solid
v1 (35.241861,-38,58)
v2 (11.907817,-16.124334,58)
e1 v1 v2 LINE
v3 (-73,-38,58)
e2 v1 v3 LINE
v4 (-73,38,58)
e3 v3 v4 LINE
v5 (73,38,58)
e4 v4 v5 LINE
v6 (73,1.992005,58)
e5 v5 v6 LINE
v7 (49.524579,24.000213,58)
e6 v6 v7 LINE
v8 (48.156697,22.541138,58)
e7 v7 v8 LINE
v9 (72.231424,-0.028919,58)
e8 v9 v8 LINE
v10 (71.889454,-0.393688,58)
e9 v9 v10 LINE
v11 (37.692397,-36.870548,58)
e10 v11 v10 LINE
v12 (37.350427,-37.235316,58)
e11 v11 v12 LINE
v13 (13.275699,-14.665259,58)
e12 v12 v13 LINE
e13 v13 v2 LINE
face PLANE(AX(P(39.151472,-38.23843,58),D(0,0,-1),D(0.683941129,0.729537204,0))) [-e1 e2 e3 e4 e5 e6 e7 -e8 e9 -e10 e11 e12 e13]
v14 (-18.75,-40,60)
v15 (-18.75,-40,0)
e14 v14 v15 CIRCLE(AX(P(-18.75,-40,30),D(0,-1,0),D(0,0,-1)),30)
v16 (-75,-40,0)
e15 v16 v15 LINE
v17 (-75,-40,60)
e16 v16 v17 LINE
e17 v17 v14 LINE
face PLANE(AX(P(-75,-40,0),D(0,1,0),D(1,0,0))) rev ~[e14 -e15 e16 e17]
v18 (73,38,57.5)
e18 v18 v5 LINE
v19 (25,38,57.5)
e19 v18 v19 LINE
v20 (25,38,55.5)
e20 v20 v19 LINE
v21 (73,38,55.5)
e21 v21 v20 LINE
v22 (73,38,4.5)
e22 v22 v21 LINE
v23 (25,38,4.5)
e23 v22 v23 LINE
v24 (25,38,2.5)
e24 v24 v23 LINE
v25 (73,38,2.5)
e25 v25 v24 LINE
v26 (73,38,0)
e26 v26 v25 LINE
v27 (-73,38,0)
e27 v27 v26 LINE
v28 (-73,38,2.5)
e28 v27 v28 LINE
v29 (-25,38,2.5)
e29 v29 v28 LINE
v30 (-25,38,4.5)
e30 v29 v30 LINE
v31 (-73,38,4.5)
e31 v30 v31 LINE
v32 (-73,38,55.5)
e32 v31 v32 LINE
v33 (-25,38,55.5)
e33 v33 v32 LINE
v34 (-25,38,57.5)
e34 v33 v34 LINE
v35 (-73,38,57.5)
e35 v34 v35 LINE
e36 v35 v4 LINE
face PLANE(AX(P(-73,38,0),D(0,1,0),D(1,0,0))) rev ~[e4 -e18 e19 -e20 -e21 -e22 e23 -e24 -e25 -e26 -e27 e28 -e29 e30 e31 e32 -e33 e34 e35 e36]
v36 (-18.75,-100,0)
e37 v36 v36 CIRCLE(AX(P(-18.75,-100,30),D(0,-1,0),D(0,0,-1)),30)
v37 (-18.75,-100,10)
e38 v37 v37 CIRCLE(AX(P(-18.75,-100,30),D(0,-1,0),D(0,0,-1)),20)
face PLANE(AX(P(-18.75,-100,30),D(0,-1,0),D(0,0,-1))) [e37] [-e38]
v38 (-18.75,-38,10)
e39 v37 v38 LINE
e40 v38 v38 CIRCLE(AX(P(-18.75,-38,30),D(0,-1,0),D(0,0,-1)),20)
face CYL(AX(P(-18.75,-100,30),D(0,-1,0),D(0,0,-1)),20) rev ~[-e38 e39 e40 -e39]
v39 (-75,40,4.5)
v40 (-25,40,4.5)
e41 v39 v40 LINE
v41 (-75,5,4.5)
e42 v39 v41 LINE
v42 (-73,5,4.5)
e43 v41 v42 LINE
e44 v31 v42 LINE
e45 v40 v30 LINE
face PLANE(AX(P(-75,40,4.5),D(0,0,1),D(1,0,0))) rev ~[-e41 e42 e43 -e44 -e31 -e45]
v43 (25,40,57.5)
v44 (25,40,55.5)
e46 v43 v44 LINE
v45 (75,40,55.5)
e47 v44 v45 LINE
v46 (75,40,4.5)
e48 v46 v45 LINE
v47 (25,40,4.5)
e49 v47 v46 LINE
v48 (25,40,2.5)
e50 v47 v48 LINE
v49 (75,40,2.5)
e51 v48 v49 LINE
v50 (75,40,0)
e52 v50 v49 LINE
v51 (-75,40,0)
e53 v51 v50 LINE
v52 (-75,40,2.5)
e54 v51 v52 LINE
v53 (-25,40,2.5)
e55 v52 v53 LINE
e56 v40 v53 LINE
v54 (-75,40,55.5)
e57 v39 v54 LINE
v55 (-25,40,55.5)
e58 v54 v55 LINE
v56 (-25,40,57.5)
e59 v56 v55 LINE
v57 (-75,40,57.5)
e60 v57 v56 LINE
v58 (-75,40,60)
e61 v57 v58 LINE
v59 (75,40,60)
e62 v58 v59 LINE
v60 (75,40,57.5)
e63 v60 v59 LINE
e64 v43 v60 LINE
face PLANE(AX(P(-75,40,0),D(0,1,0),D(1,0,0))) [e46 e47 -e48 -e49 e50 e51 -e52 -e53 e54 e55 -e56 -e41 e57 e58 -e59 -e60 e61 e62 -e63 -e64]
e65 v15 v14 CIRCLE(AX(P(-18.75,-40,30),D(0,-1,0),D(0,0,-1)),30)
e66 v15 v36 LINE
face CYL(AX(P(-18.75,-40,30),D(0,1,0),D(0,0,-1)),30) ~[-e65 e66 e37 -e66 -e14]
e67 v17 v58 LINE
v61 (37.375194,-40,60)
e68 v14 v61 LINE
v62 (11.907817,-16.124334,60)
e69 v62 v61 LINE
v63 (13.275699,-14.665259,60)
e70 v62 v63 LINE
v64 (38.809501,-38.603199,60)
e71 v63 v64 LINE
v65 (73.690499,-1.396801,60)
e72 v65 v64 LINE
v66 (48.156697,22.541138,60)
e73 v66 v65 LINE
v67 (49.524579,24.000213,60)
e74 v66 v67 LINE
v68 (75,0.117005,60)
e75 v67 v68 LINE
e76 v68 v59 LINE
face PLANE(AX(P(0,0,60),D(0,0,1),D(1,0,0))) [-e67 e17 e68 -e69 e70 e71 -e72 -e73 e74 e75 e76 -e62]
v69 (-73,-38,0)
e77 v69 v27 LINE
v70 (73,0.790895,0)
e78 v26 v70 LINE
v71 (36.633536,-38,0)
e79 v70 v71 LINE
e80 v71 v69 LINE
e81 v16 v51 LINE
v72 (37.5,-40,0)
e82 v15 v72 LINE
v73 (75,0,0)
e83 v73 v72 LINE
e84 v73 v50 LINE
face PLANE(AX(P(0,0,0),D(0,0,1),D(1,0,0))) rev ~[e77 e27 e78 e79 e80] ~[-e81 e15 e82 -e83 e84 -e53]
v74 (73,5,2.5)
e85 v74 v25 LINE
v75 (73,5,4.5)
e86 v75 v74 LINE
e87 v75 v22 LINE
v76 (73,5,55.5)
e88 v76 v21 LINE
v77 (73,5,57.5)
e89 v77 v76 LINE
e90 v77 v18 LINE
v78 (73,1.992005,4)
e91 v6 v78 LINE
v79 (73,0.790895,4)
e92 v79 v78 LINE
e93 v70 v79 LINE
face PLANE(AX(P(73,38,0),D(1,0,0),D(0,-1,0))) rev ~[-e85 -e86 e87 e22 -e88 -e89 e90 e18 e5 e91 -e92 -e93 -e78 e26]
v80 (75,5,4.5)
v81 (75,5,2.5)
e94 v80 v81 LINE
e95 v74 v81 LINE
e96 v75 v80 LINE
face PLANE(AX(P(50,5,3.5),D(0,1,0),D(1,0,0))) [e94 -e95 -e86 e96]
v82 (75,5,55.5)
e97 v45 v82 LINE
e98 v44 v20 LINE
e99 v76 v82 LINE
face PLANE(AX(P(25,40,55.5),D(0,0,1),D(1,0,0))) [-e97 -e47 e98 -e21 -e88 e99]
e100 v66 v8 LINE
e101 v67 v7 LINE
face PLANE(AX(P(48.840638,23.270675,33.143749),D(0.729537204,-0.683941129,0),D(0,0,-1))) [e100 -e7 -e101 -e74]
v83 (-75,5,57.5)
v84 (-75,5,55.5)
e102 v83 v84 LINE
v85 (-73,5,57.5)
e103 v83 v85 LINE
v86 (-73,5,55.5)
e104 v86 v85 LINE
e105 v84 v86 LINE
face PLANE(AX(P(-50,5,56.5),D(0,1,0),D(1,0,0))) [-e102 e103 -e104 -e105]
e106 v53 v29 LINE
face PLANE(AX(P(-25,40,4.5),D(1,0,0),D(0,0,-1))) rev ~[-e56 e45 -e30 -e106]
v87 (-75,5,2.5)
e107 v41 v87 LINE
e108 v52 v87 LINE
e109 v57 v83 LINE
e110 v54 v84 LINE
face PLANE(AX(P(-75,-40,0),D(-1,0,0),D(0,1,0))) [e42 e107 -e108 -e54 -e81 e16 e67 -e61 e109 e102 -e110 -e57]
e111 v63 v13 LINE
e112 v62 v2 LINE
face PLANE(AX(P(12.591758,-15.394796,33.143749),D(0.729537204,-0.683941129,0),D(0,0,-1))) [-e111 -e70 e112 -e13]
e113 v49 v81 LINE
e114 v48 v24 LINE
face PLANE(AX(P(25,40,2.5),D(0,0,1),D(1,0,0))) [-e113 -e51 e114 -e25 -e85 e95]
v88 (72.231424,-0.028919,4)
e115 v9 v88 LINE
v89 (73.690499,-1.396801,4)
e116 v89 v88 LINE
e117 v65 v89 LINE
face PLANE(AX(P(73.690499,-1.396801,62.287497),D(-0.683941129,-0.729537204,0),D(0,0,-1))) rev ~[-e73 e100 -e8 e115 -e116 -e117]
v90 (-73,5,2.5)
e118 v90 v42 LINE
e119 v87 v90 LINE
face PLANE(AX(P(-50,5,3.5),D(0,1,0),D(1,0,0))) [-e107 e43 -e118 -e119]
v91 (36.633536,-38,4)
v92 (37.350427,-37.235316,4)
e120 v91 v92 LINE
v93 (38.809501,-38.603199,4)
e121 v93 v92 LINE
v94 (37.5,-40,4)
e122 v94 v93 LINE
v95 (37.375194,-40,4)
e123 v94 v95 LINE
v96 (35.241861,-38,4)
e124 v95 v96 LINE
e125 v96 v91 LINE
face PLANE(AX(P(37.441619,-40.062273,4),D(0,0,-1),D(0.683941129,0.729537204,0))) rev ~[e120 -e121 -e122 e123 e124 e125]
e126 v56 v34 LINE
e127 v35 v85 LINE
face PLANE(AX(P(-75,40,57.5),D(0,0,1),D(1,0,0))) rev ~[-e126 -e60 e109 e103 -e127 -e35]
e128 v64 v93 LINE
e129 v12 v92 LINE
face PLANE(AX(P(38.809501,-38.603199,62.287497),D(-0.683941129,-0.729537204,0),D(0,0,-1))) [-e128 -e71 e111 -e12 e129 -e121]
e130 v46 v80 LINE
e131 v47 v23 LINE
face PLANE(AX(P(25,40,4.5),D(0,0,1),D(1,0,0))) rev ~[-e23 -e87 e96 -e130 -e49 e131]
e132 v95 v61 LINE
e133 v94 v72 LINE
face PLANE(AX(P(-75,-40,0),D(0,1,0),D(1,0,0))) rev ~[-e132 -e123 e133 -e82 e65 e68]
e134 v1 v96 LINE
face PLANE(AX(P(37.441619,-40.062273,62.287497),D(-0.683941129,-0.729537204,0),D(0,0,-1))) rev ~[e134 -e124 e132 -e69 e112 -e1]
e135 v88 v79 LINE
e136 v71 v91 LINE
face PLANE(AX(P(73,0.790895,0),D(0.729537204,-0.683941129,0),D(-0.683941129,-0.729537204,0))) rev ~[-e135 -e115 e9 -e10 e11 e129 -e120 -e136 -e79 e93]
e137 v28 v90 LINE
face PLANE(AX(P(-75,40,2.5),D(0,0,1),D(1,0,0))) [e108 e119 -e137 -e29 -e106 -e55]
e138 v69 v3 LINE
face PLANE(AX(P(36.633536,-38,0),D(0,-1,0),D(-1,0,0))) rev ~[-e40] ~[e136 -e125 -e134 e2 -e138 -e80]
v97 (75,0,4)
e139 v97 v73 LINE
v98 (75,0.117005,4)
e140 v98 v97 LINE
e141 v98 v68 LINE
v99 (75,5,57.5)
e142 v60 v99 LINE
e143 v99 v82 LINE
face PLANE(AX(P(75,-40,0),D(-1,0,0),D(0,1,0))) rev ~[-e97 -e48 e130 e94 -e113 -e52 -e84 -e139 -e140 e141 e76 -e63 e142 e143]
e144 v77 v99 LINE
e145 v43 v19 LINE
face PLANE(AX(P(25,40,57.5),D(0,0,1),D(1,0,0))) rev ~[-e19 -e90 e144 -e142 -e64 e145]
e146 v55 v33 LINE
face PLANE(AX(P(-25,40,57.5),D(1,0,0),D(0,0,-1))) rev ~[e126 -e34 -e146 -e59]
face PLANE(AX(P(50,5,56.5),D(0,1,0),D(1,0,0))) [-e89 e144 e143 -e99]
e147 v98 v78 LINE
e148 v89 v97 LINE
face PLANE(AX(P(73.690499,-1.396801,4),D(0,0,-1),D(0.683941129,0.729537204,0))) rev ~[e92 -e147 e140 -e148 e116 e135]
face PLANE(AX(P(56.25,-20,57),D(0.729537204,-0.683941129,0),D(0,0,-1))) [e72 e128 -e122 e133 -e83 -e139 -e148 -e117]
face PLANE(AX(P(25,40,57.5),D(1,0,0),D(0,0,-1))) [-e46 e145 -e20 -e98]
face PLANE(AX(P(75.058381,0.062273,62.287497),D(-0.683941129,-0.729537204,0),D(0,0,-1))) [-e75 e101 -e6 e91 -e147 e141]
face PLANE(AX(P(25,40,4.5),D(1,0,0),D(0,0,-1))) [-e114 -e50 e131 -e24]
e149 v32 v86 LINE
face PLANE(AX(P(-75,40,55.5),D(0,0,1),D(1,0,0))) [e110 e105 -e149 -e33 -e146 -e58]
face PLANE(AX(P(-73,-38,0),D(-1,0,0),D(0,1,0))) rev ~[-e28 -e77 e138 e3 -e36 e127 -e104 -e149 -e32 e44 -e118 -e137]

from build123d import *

# Parameters (mm, degrees)
SKETCH_1_W           = 150
SKETCH_1_H           = 80
EXTRUDE_1_DEPTH      = 60
CUT_EXTRUDE_2_DEPTH  = 60
SKETCH_3_W           = 50
SKETCH_3_H           = 2
CUT_EXTRUDE_3_DEPTH  = 35
SKETCH_4_W           = 2
SKETCH_4_H           = 50
CUT_EXTRUDE_4_DEPTH  = 35
SKETCH_5_R           = 30
EXTRUDE_2_DEPTH      = 60
CUT_EXTRUDE_5_DEPTH  = 58
SKETCH_7_R           = 20
CUT_EXTRUDE_8_DEPTH  = 62
SKETCH_8_W           = 58.287497292
SKETCH_8_H           = 2
CUT_EXTRUDE_12_DEPTH = 35
SKETCH_10_W          = 2
SKETCH_10_H          = 50
EXTRUDE_6_DEPTH      = 2


with BuildPart() as part:
    # 草图1 → 凸台-拉伸1 (new body)
    with BuildSketch(Plane.XY):
        Rectangle(SKETCH_1_W, SKETCH_1_H)
    extrude(amount=EXTRUDE_1_DEPTH)

    # 草图2 → 切除-拉伸2 (cut)
    with BuildSketch(Plane.XY.offset(60)):
        Polygon((75, 0), (37.5, -40), (75, -40), align=None)
    extrude(amount=-CUT_EXTRUDE_2_DEPTH, mode=Mode.SUBTRACT)

    # 草图3 → 切除-拉伸3 (cut)
    with BuildSketch(Plane(origin=(0, 40, 0), x_dir=(1, 0, 0), z_dir=(0, 1, 0))):
        with Locations((-50, -56.5)):
            Rectangle(SKETCH_3_W, SKETCH_3_H)
        with Locations((-50, -3.5)):
            Rectangle(SKETCH_3_W, SKETCH_3_H)
        with Locations((50, -56.5)):
            Rectangle(SKETCH_3_W, SKETCH_3_H)
        with Locations((50, -3.5)):
            Rectangle(SKETCH_3_W, SKETCH_3_H)
    extrude(amount=-CUT_EXTRUDE_3_DEPTH, mode=Mode.SUBTRACT)

    # 草图4 → 切除-拉伸4 (cut)
    with BuildSketch(Plane(origin=(39.916839917, -37.422037422, 0), x_dir=(0, 0, -1), z_dir=(0.7295372041400852, -0.6839411288813299, 0))):
        with Locations((-3, 23.880944417)):
            Rectangle(SKETCH_4_W, SKETCH_4_H)
        with Locations((-57, 23.880944417)):
            Rectangle(SKETCH_4_W, SKETCH_4_H)
    extrude(amount=-CUT_EXTRUDE_4_DEPTH, mode=Mode.SUBTRACT)

    # 草图5 → 凸台-拉伸2 (add)
    with BuildSketch(Plane.XZ.offset(40)):
        with Locations(Location((-18.75, 30, 0), (0, 0, 270))):
            Circle(SKETCH_5_R)
    extrude(amount=EXTRUDE_2_DEPTH)

    # 草图6 → 切除-拉伸5 (cut)
    with BuildSketch(Plane(origin=(0, 0, 0), x_dir=(-1, 0, 0), z_dir=(0, 0, -1))):
        Polygon((73, -38), (73, 38), (-73, 38), (-73, 0.79089496), (-36.633535975, -38), align=None)
    extrude(amount=-CUT_EXTRUDE_5_DEPTH, mode=Mode.SUBTRACT)

    # 草图7 → 切除-拉伸8 (cut)
    with BuildSketch(Plane.XZ.offset(100)):
        with Locations(Location((-18.75, 30, 0), (0, 0, 270))):
            Circle(SKETCH_7_R)
    extrude(amount=-CUT_EXTRUDE_8_DEPTH, mode=Mode.SUBTRACT)

    # 草图8 → 切除-拉伸12 (cut)
    with BuildSketch(Plane(origin=(39.916839917, -37.422037422, 0), x_dir=(0, 0, -1), z_dir=(0.7295372041400852, -0.6839411288813299, 0))):
        with Locations((-33.143748646, 50.380944417)):
            Rectangle(SKETCH_8_W, SKETCH_8_H)
        with Locations((-33.143748646, -2.619055583)):
            Rectangle(SKETCH_8_W, SKETCH_8_H)
    extrude(amount=-CUT_EXTRUDE_12_DEPTH, mode=Mode.SUBTRACT)

    # 草图10 → 凸台-拉伸6 (add)
    with BuildSketch(Plane(origin=(39.916839917, -37.422037422, 0), x_dir=(0, 0, -1), z_dir=(0.7295372041400852, -0.6839411288813299, 0))):
        with Locations((-57, 23.880944417)):
            Rectangle(SKETCH_10_W, SKETCH_10_H)
        with Locations((-3, 23.880944417)):
            Rectangle(SKETCH_10_W, SKETCH_10_H)
    extrude(amount=-EXTRUDE_6_DEPTH)


solid = part.part
